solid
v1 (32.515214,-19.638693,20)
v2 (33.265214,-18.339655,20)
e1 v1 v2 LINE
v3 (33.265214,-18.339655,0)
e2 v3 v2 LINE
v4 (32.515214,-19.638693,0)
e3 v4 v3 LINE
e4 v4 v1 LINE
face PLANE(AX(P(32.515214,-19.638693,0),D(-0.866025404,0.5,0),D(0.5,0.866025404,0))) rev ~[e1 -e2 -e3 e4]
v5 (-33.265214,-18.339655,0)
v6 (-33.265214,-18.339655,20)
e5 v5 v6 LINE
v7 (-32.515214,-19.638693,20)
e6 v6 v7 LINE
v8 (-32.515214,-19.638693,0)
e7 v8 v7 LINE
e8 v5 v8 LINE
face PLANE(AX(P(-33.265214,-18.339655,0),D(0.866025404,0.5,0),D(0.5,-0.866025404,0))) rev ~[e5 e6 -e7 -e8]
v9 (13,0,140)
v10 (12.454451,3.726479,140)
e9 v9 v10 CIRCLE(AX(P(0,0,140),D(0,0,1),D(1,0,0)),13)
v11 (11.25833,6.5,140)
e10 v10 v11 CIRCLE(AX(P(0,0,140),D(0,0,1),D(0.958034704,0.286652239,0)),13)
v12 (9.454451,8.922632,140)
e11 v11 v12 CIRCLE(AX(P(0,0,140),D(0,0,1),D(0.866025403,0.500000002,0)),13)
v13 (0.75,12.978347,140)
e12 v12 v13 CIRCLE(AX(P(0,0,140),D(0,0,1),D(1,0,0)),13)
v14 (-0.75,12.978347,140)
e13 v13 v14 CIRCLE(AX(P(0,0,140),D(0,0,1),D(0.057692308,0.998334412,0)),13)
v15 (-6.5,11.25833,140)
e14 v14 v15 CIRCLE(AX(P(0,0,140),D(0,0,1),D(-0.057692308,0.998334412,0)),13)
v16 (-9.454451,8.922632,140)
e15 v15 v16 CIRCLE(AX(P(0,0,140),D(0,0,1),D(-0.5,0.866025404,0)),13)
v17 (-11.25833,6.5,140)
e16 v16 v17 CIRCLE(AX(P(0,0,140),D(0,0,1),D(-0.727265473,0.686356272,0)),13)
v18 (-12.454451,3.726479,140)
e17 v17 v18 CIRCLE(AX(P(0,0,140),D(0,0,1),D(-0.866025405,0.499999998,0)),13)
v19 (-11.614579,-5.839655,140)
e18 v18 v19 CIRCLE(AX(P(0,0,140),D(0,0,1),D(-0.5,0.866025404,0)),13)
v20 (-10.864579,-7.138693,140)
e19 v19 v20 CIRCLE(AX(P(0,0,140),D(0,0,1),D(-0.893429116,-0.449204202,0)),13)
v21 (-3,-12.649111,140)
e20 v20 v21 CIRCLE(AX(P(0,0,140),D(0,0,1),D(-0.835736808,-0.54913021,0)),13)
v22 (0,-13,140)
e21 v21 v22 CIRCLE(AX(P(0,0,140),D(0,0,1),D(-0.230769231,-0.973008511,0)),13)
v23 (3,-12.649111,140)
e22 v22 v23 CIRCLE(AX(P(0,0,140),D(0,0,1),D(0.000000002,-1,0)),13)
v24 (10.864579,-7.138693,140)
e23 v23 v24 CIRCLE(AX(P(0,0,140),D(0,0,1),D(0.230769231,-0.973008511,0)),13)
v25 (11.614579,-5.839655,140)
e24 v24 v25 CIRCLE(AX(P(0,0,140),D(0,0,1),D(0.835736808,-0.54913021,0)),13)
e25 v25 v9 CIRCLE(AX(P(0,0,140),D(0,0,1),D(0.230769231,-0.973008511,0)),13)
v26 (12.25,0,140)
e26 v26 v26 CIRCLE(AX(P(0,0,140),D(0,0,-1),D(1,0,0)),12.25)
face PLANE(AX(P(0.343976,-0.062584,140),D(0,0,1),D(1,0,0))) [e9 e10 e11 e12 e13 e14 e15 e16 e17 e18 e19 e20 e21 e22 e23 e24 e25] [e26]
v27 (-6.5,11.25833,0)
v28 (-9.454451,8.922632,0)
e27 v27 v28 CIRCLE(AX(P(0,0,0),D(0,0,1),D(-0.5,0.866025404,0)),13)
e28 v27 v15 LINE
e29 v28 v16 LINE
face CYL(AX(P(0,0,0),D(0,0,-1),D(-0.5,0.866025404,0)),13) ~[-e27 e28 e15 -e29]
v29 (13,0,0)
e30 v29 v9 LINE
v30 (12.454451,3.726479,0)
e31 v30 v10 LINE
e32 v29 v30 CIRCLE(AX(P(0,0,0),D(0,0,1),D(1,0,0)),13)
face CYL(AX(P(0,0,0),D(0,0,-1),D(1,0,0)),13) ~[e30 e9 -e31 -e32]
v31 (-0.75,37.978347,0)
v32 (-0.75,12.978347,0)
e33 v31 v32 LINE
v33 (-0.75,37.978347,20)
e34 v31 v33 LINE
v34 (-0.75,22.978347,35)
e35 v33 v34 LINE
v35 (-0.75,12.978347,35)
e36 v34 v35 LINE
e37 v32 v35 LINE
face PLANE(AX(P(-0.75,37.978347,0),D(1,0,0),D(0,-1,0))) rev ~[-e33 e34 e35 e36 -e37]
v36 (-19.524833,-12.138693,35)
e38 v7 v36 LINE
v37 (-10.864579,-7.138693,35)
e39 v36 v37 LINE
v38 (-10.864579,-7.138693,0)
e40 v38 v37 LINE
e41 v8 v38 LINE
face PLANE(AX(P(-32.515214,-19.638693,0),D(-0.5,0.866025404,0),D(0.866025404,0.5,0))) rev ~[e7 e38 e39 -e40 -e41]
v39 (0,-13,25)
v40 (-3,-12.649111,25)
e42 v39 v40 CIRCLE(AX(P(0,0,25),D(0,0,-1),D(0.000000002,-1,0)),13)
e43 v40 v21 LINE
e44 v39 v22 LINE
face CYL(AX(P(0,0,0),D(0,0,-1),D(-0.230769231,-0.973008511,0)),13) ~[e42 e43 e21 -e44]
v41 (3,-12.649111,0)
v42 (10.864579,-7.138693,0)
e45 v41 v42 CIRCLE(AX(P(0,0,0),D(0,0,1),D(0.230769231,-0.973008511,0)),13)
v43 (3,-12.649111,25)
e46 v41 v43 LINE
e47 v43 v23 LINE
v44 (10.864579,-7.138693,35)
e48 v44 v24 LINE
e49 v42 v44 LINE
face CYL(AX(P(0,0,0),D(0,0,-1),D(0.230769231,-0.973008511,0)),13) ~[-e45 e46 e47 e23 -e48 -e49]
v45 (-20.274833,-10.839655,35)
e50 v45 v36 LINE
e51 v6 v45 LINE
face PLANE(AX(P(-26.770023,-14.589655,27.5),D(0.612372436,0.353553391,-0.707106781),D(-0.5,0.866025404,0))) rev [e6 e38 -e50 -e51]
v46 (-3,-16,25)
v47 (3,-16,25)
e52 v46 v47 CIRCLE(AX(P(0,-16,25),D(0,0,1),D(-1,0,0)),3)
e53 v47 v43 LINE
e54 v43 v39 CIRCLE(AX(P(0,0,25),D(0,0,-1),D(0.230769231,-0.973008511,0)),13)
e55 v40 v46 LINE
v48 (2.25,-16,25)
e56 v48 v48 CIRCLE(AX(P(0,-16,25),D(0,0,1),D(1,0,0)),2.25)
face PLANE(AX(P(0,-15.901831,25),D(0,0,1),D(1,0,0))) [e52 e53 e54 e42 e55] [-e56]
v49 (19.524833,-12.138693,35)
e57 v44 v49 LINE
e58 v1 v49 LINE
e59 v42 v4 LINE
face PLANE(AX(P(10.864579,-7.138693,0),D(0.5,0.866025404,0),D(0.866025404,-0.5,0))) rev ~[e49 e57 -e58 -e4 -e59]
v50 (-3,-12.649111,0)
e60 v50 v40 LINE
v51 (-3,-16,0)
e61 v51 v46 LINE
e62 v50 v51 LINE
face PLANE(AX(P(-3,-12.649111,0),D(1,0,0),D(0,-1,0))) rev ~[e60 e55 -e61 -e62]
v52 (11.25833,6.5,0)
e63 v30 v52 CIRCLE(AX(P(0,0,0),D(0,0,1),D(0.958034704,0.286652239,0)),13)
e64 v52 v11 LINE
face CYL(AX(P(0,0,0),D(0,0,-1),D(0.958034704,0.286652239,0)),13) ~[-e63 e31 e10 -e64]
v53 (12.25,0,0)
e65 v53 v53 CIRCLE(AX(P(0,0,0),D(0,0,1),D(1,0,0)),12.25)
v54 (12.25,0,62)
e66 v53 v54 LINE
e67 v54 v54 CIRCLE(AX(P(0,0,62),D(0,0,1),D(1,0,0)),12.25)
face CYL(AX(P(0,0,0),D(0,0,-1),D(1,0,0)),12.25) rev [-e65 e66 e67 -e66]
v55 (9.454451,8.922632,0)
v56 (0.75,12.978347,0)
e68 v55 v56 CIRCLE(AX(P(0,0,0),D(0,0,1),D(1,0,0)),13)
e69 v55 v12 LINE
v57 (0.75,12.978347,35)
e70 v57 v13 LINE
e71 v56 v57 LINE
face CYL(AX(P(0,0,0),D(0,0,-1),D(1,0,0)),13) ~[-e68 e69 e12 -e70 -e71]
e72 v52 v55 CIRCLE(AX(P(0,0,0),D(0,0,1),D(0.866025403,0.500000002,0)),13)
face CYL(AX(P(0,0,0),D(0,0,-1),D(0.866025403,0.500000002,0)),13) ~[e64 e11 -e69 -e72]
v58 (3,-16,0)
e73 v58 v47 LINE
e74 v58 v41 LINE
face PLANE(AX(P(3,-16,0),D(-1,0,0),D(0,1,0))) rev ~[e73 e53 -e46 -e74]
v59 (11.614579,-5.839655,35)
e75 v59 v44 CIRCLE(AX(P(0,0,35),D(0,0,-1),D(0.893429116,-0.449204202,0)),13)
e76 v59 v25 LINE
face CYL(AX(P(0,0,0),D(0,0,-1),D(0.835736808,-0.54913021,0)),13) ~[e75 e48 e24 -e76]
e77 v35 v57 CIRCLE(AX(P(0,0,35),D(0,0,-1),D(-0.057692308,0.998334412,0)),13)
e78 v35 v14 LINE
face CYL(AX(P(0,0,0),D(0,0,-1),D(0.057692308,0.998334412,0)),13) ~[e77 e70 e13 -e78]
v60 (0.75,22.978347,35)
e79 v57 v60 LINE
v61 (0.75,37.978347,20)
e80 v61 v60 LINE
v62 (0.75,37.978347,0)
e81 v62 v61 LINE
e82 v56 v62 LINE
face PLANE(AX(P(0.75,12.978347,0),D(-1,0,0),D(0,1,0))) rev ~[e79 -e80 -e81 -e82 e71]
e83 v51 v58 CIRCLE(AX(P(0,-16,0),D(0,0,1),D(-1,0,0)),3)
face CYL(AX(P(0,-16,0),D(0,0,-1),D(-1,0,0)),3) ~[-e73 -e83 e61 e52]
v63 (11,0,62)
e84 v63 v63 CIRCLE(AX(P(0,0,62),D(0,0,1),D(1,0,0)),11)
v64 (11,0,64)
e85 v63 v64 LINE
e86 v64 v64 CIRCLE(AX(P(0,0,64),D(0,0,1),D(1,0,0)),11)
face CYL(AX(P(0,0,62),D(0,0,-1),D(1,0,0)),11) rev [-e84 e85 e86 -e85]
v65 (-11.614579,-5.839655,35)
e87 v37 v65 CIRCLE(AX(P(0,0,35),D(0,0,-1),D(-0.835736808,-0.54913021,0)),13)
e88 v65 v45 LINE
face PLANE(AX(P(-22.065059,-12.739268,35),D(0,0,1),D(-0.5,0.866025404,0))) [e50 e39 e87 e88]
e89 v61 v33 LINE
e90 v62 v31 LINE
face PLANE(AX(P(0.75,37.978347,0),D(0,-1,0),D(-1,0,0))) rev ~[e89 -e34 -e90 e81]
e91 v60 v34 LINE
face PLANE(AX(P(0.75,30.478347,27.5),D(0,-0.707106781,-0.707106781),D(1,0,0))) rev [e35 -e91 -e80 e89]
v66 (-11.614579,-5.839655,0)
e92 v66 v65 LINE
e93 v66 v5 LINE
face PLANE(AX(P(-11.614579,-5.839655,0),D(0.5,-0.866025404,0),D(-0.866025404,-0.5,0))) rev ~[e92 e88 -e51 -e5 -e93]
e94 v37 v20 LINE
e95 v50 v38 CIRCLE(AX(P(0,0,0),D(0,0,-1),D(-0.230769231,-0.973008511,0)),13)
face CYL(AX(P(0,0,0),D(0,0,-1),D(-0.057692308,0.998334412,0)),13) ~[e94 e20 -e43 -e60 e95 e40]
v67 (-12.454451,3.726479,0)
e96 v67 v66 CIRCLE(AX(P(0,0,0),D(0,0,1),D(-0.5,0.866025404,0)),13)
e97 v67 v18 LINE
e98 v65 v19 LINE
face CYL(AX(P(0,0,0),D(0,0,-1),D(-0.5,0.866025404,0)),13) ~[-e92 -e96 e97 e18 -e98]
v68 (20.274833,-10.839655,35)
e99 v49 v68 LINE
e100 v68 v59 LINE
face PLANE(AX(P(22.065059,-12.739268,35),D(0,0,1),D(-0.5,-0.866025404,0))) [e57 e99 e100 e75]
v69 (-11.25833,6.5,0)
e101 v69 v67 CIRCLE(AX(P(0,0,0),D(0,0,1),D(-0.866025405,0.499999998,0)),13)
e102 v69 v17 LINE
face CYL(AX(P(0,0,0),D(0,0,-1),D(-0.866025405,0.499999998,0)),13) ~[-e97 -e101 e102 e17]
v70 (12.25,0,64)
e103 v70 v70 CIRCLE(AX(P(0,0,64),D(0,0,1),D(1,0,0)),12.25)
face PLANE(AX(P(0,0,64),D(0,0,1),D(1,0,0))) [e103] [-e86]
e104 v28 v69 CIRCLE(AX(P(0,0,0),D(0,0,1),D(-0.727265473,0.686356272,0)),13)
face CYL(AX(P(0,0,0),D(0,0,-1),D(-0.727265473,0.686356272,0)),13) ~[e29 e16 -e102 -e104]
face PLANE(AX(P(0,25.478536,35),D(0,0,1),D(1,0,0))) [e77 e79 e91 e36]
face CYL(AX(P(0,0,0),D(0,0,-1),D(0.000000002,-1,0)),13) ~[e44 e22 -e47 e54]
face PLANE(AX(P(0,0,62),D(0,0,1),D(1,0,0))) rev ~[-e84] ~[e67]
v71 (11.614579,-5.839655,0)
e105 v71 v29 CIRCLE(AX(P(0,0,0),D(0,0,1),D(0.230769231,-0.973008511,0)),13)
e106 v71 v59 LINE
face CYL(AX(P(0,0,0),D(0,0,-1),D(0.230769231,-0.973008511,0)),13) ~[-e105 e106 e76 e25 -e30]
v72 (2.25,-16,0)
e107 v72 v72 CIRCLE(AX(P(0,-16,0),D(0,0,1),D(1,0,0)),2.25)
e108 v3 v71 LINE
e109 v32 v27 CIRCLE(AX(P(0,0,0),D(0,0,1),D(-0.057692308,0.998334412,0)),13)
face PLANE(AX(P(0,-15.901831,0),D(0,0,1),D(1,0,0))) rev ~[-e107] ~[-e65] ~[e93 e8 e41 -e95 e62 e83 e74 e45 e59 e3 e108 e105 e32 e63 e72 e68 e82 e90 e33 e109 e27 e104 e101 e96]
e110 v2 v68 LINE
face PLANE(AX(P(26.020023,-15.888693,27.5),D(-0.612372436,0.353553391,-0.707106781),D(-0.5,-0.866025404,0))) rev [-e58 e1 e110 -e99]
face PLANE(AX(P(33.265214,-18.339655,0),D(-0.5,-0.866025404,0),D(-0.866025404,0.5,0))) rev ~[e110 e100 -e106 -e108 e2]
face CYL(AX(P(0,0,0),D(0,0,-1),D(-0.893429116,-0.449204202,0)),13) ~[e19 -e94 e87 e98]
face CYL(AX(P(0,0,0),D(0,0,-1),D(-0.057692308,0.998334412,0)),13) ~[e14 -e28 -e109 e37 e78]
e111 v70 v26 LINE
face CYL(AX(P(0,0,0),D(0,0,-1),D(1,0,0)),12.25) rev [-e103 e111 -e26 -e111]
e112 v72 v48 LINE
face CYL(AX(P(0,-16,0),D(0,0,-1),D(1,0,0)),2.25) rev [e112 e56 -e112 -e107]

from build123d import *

# Parameters (mm, degrees)
F0_R     = 12.25
F1_DEPTH = 140
F2_DEPTH = 35
F3_SIZE  = 15
F4_COUNT = 3
F0_R_2   = 2.25
F5_DEPTH = 25
F6_START = 62
F0_R_3   = 11
F6_DEPTH = 2


with BuildPart() as f1:
    # F0 (on Top) → F1 (new body)
    with BuildSketch(Plane.XY):
        with BuildLine():
            ThreePointArc((3, -12.6491106407), (10.1980390272, -8.0622577483), (13, 0))
            ThreePointArc((13, 0), (9.4538352006, 8.9232841488), (0.75, 12.9783473524))
            ThreePointArc((0.75, 12.9783473524), (0, 13), (-0.75, 12.9783473524))
            ThreePointArc((-0.75, 12.9783473524), (-12.9501843924, 1.1369803002), (-3, -12.6491106407))
            ThreePointArc((-3, -12.6491106407), (-1.5102254126, -12.9119796779), (2.58e-08, -13))
            ThreePointArc((2.58e-08, -13), (1.5102254382, -12.9119796749), (3, -12.6491106407))
        make_face()
        Circle(F0_R, mode=Mode.SUBTRACT)
    extrude(amount=F1_DEPTH)

    # F0 (on Top) → F2 (join)
    with BuildSketch(Plane.XY):
        with BuildLine():
            ThreePointArc((-0.75, 12.9783473524), (0, 13), (0.75, 12.9783473524))
            Line((0.75, 12.9783473524), (0.75, 37.9783473524))
            Line((0.75, 37.9783473524), (-0.75, 37.9783473524))
            Line((-0.75, 37.9783473524), (-0.75, 12.9783473524))
        make_face()
    extrude(amount=F2_DEPTH)

    # F3
    f3_edges = [f1.edges().sort_by_distance(p)[0] for p in [
        (0, 37.978347, 35),
    ]]
    chamfer(f3_edges, length=F3_SIZE)


with BuildPart() as f4_1:
    # F4: instance of F1
    add(f1.part.rotate(Axis((0, 0, 140), (0, 0, 1)), 1 * 360 / F4_COUNT))


with BuildPart() as f4_2:
    # F4: instance of F1
    add(f1.part.rotate(Axis((0, 0, 140), (0, 0, 1)), 2 * 360 / F4_COUNT))


with BuildPart() as f1_1:
    add(f1.part)

    add(f4_1.part)  # F5 merges F4_1

    add(f4_2.part)  # F5 merges F4_2
    # F0 (on Top) → F5 (join)
    with BuildSketch(Plane.XY):
        with BuildLine():
            ThreePointArc((3, -16), (2.1213203527, -13.8786796655), (2.58e-08, -13))
            ThreePointArc((2.58e-08, -13), (-2.1213203345, -13.8786796473), (-3, -16))
            ThreePointArc((-3, -16), (0, -19), (3, -16))
        make_face()
        with Locations((0, -16)):
            Circle(F0_R_2, mode=Mode.SUBTRACT)
        with BuildLine():
            Line((3, -16), (3, -12.6491106407))
            ThreePointArc((3, -12.6491106407), (1.5102254382, -12.9119796749), (2.58e-08, -13))
            ThreePointArc((2.58e-08, -13), (2.1213203527, -13.8786796655), (3, -16))
        make_face()
        with BuildLine():
            ThreePointArc((-3, -16), (-2.1213203345, -13.8786796473), (2.58e-08, -13))
            ThreePointArc((2.58e-08, -13), (-1.5102254126, -12.9119796779), (-3, -12.6491106407))
            Line((-3, -12.6491106407), (-3, -16))
        make_face()
    extrude(amount=F5_DEPTH)

    # F0 (on Top) → F6 (join)
    with BuildSketch(Plane.XY.offset(F6_START)):
        Circle(F0_R)
        Circle(F0_R_3, mode=Mode.SUBTRACT)
    extrude(amount=F6_DEPTH)


solid = f1_1.part
